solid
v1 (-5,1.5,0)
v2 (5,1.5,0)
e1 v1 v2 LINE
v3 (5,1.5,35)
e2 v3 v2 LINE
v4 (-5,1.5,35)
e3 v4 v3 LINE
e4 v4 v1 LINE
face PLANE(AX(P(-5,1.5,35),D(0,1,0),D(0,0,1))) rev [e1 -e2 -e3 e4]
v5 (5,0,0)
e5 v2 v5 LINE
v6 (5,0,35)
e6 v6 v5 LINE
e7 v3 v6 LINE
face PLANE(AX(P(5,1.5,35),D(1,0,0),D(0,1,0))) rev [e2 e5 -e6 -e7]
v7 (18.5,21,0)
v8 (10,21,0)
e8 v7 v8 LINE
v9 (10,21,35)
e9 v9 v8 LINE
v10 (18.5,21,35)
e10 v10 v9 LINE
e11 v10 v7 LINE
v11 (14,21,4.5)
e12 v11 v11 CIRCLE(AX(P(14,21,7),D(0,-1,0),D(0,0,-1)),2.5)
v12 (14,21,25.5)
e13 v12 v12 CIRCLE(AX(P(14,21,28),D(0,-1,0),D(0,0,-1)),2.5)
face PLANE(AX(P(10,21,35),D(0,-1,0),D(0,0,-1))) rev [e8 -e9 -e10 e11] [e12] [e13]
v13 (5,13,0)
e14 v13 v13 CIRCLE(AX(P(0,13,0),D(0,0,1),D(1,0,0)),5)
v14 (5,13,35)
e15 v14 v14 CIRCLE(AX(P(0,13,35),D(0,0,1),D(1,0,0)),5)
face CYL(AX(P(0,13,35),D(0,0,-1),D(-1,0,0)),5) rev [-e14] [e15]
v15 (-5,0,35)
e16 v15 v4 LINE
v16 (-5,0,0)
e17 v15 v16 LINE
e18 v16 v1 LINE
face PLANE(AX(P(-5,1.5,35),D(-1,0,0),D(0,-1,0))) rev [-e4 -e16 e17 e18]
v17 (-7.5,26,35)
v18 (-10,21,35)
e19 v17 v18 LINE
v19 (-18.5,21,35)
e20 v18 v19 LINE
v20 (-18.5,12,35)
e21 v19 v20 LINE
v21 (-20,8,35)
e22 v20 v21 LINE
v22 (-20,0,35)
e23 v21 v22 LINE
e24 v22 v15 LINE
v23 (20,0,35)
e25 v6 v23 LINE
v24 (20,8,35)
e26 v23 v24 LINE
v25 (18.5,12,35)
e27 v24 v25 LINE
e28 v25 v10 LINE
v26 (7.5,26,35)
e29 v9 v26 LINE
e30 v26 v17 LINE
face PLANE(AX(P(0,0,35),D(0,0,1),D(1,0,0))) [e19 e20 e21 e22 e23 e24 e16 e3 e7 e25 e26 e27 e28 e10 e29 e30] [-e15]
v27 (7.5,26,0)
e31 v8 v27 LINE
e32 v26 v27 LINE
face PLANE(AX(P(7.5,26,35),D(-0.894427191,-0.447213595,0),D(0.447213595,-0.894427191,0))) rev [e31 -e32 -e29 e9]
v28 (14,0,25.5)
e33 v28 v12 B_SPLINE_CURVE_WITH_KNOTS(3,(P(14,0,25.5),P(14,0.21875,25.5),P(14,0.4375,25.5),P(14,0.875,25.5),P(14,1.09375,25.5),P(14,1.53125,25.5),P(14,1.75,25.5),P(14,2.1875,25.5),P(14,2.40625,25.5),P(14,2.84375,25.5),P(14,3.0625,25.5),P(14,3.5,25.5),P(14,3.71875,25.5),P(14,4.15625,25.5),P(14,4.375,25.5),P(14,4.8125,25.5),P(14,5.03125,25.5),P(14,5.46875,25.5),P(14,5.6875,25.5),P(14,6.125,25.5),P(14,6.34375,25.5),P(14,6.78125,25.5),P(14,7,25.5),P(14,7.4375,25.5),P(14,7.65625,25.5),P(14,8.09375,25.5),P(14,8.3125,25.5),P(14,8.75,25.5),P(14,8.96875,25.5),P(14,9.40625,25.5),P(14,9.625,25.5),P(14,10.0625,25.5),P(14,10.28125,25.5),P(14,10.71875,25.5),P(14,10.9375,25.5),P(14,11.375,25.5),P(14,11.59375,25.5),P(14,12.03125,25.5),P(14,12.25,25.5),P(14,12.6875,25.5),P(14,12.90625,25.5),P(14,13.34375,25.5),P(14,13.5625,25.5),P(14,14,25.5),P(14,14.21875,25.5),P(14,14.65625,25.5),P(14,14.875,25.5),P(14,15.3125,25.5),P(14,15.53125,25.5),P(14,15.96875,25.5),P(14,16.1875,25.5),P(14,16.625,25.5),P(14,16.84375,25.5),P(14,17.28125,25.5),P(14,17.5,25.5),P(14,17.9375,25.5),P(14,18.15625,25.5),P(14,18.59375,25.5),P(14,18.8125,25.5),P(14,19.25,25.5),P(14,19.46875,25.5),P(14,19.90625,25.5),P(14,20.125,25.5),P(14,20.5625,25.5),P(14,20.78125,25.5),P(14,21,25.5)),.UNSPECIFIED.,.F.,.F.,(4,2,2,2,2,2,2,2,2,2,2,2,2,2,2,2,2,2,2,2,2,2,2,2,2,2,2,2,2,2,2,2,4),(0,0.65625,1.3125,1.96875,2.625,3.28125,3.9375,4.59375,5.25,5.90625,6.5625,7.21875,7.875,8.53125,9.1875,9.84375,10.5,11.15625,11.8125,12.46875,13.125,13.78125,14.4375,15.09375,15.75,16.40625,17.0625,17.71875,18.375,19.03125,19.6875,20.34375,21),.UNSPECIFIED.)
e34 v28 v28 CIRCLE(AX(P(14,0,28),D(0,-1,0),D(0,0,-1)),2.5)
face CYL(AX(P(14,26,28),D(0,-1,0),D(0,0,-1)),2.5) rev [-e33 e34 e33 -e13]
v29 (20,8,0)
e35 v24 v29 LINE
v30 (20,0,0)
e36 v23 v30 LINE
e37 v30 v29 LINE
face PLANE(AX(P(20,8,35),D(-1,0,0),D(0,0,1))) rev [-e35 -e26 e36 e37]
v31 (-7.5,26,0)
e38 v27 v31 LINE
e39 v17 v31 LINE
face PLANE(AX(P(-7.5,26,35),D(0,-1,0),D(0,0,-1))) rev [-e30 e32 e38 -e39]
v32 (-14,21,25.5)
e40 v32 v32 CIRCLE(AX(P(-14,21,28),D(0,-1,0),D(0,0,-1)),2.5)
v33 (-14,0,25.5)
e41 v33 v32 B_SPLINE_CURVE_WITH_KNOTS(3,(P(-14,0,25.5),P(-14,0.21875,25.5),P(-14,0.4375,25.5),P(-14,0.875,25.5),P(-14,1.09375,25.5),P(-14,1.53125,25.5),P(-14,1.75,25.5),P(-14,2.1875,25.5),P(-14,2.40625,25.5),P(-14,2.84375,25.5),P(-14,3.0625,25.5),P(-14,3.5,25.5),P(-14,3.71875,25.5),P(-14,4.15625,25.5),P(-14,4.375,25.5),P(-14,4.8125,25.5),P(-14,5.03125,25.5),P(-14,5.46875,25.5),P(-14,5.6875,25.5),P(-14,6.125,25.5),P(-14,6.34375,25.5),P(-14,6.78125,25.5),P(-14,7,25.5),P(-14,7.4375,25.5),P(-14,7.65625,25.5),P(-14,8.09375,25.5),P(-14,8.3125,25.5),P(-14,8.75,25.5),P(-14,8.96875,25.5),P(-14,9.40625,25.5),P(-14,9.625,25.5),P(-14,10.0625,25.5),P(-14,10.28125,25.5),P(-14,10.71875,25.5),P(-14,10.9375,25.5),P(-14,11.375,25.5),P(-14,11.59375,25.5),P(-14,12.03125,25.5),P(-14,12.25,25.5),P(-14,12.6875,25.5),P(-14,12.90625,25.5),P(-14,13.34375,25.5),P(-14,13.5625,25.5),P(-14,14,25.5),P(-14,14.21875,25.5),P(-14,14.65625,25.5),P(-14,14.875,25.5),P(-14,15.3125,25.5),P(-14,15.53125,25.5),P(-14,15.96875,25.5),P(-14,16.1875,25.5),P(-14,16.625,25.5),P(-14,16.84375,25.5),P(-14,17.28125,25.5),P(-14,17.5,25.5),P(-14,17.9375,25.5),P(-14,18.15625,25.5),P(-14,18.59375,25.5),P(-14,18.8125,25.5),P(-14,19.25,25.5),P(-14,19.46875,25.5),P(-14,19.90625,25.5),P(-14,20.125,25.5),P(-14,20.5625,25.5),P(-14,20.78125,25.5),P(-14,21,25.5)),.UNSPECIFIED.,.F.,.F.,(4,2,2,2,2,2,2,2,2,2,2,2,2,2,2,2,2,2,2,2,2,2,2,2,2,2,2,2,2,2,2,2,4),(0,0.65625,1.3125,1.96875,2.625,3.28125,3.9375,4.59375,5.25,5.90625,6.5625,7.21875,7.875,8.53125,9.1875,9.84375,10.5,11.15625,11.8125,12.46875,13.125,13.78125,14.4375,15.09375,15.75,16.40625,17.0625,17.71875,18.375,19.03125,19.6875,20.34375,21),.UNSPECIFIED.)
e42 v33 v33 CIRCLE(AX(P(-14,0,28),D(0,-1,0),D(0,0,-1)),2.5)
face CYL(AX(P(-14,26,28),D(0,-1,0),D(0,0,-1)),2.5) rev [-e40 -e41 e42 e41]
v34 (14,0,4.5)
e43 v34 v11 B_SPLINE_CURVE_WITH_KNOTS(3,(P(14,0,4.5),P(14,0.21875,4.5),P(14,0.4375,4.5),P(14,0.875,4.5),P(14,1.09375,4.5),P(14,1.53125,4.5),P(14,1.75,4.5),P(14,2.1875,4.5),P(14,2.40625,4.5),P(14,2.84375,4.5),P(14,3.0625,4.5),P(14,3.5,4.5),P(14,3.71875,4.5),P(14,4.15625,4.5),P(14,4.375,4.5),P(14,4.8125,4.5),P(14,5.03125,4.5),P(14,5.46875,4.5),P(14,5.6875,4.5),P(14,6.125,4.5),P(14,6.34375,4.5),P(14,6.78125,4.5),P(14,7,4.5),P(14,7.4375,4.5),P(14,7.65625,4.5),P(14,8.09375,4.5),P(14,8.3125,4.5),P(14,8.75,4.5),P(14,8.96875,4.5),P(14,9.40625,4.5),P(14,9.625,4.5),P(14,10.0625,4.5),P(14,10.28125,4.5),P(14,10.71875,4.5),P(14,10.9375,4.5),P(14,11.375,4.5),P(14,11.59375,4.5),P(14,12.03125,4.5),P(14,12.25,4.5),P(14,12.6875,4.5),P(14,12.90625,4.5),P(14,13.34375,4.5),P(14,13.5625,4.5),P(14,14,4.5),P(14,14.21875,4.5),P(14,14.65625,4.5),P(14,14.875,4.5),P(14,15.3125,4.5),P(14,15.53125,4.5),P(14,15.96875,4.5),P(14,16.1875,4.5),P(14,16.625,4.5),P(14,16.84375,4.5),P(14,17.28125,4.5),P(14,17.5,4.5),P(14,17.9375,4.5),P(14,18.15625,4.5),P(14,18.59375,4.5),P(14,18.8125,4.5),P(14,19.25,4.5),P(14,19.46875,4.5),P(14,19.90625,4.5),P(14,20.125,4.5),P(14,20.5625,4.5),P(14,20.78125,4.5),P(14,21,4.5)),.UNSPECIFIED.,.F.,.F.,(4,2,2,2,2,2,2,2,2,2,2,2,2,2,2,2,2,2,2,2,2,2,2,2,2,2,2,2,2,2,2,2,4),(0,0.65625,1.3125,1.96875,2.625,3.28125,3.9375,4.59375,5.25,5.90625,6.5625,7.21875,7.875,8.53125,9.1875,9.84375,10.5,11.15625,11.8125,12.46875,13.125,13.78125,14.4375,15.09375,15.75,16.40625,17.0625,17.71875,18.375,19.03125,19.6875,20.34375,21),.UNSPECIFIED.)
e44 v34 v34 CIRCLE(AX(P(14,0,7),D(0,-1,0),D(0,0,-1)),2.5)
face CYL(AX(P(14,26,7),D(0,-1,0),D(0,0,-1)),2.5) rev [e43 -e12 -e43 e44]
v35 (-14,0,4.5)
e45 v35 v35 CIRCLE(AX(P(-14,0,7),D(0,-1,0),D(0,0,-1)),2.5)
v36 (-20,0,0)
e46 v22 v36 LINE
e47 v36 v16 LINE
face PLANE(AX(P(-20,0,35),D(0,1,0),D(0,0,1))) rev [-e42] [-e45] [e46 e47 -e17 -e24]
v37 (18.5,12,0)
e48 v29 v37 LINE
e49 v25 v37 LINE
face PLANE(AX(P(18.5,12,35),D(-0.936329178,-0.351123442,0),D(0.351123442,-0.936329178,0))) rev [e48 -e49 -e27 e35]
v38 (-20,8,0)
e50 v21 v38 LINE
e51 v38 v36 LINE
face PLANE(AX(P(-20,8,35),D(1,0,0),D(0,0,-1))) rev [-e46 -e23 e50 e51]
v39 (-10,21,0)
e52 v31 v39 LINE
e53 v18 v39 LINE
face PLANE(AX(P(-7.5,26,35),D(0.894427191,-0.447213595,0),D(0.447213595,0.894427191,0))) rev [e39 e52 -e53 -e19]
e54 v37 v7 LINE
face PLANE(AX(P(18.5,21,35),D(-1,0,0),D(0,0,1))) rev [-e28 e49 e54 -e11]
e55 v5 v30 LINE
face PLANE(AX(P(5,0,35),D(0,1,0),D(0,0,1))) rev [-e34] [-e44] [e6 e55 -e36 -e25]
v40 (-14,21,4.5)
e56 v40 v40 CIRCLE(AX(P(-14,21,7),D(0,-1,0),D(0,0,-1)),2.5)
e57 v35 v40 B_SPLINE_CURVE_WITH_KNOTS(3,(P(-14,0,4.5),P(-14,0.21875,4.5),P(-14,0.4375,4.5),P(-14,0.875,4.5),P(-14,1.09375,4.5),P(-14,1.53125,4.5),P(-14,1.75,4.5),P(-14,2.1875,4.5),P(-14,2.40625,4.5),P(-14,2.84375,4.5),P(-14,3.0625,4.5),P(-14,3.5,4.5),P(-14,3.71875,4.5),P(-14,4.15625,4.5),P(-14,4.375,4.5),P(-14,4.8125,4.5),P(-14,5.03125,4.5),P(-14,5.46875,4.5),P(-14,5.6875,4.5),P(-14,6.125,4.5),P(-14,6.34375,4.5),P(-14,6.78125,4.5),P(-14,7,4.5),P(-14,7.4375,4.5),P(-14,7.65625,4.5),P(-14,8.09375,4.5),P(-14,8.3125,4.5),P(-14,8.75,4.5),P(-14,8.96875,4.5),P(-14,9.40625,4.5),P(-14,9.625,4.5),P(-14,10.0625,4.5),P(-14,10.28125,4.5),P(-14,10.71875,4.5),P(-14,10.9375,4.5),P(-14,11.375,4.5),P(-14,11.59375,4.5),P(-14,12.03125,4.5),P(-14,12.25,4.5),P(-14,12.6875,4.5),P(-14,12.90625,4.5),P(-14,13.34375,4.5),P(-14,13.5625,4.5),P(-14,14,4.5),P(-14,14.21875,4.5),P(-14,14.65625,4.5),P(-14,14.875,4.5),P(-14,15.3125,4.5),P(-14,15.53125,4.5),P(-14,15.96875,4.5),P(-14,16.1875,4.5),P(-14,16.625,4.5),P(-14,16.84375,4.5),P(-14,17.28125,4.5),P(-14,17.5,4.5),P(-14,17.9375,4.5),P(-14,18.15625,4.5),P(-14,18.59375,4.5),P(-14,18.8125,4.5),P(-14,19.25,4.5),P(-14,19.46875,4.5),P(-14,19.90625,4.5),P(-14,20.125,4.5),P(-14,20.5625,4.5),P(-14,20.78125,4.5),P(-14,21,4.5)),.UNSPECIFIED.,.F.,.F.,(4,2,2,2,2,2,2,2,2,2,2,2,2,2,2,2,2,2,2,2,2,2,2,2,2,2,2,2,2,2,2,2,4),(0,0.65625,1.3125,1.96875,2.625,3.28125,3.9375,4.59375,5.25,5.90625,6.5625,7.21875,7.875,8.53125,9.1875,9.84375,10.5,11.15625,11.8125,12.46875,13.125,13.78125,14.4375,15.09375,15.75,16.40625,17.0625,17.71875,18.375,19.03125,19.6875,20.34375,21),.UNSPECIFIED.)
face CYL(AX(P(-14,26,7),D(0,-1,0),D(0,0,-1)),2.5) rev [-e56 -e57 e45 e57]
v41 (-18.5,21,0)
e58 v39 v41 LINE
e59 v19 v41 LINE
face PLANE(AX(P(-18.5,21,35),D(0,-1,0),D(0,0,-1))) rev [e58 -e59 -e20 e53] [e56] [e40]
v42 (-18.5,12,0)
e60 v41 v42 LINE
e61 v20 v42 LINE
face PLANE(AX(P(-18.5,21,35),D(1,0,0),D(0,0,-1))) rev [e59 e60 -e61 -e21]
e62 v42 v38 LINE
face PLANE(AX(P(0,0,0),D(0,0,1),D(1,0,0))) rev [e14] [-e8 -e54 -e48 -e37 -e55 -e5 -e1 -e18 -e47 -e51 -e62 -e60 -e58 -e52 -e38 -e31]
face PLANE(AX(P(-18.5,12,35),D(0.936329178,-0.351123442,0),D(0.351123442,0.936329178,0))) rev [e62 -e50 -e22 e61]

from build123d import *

# Parameters (mm, degrees)
SKETCH_1_R          = 5
EXTRUDE_1_DEPTH     = 35
SKETCH_2_R          = 2.5
CUT_EXTRUDE_1_DEPTH = 48.968739821


with BuildPart() as part:
    # Эскиз1 → Бобышка-Вытянуть1 (new body)
    with BuildSketch(Plane.XY):
        Polygon((-18.5, 21), (-10, 21), (-7.5, 26), (7.5, 26), (10, 21), (18.5, 21), (18.5, 12), (20, 8), (20, 0), (5, 0), (5, 1.5), (-5, 1.5), (-5, 0), (-20, 0), (-20, 8), (-18.5, 12), align=None)
        with Locations((0, 13)):
            Circle(SKETCH_1_R, mode=Mode.SUBTRACT)
    extrude(amount=EXTRUDE_1_DEPTH)

    # Эскиз2 → Вырез-Вытянуть1 (cut, through all)
    with BuildSketch(Plane.XZ):
        with Locations(Location((-14, 28, 0), (0, 0, 270))):
            Circle(SKETCH_2_R)
        with Locations(Location((14, 28, 0), (0, 0, 270))):
            Circle(SKETCH_2_R)
        with Locations(Location((14, 7, 0), (0, 0, 270))):
            Circle(SKETCH_2_R)
        with Locations(Location((-14, 7, 0), (0, 0, 270))):
            Circle(SKETCH_2_R)
    extrude(amount=-CUT_EXTRUDE_1_DEPTH, mode=Mode.SUBTRACT)


solid = part.part
